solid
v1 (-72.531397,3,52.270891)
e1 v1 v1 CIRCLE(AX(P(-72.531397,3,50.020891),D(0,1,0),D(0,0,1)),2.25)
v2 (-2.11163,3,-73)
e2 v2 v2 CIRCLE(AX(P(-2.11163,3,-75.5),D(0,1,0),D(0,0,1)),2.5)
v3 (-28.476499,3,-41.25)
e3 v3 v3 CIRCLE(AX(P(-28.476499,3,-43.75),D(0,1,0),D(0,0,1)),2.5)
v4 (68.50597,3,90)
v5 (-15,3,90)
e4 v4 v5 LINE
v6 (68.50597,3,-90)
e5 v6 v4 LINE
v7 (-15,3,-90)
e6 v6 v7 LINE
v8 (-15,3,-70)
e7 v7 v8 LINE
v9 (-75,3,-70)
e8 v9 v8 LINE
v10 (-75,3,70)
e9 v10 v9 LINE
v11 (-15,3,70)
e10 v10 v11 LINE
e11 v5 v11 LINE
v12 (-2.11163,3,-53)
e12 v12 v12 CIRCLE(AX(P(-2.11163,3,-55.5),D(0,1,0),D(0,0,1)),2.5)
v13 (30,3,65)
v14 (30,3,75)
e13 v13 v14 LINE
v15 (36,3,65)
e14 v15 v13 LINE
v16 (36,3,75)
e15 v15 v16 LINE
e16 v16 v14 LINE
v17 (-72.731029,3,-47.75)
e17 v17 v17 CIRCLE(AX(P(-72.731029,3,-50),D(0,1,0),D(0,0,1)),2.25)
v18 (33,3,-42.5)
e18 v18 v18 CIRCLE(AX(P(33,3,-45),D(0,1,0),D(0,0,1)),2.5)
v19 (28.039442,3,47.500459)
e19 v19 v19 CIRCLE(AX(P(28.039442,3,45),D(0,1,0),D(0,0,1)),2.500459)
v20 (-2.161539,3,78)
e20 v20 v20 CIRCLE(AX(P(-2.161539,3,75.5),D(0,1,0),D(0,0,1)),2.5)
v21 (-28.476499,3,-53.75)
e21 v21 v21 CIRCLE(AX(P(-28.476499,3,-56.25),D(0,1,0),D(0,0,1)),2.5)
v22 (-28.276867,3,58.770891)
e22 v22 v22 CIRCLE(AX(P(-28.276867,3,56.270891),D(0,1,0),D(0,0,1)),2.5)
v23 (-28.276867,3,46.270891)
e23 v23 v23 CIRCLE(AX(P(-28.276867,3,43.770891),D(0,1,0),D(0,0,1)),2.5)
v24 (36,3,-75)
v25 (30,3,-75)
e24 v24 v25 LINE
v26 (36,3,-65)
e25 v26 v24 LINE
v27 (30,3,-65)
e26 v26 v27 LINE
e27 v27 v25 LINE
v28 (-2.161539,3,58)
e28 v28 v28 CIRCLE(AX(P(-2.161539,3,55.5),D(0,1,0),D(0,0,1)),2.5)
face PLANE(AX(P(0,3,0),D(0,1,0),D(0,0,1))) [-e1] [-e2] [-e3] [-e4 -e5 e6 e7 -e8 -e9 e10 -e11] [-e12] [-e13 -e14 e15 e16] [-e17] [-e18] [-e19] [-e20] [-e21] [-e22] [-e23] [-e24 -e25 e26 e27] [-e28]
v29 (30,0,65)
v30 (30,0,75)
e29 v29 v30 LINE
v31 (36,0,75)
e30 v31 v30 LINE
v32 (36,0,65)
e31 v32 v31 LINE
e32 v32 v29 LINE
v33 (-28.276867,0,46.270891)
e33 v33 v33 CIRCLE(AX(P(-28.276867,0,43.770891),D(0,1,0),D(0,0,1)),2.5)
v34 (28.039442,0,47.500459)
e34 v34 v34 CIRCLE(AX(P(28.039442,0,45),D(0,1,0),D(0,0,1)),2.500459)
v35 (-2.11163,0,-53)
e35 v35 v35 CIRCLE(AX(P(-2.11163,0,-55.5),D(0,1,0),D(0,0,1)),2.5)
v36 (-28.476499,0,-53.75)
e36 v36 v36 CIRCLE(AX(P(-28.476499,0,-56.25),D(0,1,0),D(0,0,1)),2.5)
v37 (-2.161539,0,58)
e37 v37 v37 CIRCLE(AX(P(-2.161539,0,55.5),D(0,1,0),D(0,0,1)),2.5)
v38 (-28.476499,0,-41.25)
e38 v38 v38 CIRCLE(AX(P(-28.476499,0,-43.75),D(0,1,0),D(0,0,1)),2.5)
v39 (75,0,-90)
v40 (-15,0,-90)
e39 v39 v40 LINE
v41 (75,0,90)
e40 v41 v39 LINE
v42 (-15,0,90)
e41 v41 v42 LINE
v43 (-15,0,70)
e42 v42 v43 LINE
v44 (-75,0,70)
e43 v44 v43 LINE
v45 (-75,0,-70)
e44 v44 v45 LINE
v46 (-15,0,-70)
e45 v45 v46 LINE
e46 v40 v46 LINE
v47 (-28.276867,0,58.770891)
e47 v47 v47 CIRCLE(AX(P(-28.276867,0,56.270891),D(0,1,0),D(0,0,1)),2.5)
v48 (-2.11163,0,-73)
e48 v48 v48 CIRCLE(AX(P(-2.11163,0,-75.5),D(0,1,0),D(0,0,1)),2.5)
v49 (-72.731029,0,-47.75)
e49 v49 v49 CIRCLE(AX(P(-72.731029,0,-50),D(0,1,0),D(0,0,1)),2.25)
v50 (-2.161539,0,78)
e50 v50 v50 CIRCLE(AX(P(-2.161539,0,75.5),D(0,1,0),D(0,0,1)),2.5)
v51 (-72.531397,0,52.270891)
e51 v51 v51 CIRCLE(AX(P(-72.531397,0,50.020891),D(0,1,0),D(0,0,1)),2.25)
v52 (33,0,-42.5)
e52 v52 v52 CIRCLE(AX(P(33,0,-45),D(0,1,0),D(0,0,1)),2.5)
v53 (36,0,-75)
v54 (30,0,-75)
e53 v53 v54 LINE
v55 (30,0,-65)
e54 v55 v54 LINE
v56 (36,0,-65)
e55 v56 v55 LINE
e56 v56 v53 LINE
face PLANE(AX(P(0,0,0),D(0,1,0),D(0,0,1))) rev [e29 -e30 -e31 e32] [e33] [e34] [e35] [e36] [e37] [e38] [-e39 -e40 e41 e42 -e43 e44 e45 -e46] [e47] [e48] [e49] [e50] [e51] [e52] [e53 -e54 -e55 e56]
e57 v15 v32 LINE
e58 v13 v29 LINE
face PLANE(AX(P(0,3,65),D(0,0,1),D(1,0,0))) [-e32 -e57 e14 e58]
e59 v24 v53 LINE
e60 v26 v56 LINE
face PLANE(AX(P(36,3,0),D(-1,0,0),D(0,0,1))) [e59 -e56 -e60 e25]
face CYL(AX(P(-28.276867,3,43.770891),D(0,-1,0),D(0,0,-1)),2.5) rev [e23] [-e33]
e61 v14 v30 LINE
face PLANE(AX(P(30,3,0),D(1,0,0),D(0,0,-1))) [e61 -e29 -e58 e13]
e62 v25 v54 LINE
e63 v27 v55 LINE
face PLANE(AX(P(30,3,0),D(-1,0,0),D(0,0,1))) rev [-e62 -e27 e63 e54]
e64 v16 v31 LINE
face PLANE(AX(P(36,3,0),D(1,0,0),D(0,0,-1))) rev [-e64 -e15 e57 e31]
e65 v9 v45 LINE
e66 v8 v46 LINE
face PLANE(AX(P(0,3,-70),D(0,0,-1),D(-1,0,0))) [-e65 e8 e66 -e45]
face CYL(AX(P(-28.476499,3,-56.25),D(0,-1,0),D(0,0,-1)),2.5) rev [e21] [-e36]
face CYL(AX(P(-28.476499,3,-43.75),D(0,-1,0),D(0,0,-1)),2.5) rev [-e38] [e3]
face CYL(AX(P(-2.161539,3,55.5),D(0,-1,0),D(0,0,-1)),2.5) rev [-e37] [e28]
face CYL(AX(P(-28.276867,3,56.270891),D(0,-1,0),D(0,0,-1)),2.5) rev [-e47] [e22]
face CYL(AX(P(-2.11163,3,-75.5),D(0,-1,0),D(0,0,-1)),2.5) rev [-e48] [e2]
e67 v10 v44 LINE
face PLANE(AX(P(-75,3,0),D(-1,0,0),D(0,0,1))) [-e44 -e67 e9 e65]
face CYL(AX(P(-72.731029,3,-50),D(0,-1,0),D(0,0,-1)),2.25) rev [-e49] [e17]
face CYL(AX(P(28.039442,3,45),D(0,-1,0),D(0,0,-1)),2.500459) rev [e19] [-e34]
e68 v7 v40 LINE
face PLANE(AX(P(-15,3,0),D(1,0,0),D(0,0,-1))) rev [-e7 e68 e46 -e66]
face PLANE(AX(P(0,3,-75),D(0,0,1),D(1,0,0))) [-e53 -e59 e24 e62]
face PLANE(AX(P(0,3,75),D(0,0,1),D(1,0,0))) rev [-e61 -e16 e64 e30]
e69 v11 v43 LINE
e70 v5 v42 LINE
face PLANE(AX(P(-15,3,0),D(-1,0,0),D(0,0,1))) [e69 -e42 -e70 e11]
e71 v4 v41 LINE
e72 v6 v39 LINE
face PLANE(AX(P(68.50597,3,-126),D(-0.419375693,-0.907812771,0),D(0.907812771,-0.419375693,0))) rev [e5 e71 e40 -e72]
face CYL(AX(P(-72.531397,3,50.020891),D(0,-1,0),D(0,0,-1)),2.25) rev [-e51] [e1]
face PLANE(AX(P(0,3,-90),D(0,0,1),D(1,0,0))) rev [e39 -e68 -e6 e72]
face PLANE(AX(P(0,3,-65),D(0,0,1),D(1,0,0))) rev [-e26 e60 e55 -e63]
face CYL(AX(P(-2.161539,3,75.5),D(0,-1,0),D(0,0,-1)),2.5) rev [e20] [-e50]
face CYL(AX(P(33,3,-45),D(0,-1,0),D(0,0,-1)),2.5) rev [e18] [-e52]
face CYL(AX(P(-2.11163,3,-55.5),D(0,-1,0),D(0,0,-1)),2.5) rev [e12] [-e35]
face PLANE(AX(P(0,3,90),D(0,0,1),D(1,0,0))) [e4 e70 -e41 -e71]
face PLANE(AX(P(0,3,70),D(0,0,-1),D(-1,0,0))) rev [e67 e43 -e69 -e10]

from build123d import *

# Parameters (mm, degrees)
ESQUISSE1_R             = 2.25
ESQUISSE1_R_2           = 2.5
ESQUISSE1_W             = 6
ESQUISSE1_H             = 10
ESQUISSE1_R_3           = 2.500458525
BOSS_EXTRU_1_DEPTH      = 3
ENL_V_MAT_EXTRU_2_DEPTH = 216


with BuildPart() as part:
    # Esquisse1 → Boss.-Extru.1 (new body)
    with BuildSketch(Plane(origin=(0, 0, 0), x_dir=(1, 0, 0), z_dir=(0, 1, 0))):
        Polygon((-15, -90), (75, -90), (75, 90), (-15, 90), (-15, 70), (-75, 70), (-75, -70), (-15, -70), align=None)
        with Locations(Location((-72.531396859, -50.020890538, 0), (0, 0, 270))):
            Circle(ESQUISSE1_R, mode=Mode.SUBTRACT)
        with Locations(Location((-2.161539128, -75.5, 0), (0, 0, 270))):
            Circle(ESQUISSE1_R_2, mode=Mode.SUBTRACT)
        with Locations(Location((-28.276866627, -56.270890538, 0), (0, 0, 270))):
            Circle(ESQUISSE1_R_2, mode=Mode.SUBTRACT)
        with Locations(Location((-2.161539128, -55.5, 0), (0, 0, 270))):
            Circle(ESQUISSE1_R_2, mode=Mode.SUBTRACT)
        with Locations(Location((-28.276866627, -43.770890538, 0), (0, 0, 270))):
            Circle(ESQUISSE1_R_2, mode=Mode.SUBTRACT)
        with Locations((33, -70)):
            Rectangle(ESQUISSE1_W, ESQUISSE1_H, mode=Mode.SUBTRACT)
        with Locations(Location((28.039441899, -45, 0), (0, 0, 270))):
            Circle(ESQUISSE1_R_3, mode=Mode.SUBTRACT)
        with Locations(Location((-28.476498774, 43.75, 0), (0, 0, 270))):
            Circle(ESQUISSE1_R_2, mode=Mode.SUBTRACT)
        with Locations(Location((-72.731029006, 50, 0), (0, 0, 270))):
            Circle(ESQUISSE1_R, mode=Mode.SUBTRACT)
        with Locations(Location((-28.476498774, 56.25, 0), (0, 0, 270))):
            Circle(ESQUISSE1_R_2, mode=Mode.SUBTRACT)
        with Locations(Location((-2.111629991, 55.5, 0), (0, 0, 270))):
            Circle(ESQUISSE1_R_2, mode=Mode.SUBTRACT)
        with Locations(Location((-2.111629991, 75.5, 0), (0, 0, 270))):
            Circle(ESQUISSE1_R_2, mode=Mode.SUBTRACT)
        with Locations(Location((33, 45, 0), (0, 0, 270))):
            Circle(ESQUISSE1_R_2, mode=Mode.SUBTRACT)
        with Locations((33, 70)):
            Rectangle(ESQUISSE1_W, ESQUISSE1_H, mode=Mode.SUBTRACT)
    extrude(amount=BOSS_EXTRU_1_DEPTH)

    # Esquisse4 → Enlèv. mat.-Extru.2 (cut)
    with BuildSketch(Plane.XY.offset(90)):
        Polygon((68.505970044, 3), (75, 0), (83.303291845, 0), (76.039441899, 3), align=None)
    extrude(amount=-ENL_V_MAT_EXTRU_2_DEPTH, mode=Mode.SUBTRACT)


solid = part.part
